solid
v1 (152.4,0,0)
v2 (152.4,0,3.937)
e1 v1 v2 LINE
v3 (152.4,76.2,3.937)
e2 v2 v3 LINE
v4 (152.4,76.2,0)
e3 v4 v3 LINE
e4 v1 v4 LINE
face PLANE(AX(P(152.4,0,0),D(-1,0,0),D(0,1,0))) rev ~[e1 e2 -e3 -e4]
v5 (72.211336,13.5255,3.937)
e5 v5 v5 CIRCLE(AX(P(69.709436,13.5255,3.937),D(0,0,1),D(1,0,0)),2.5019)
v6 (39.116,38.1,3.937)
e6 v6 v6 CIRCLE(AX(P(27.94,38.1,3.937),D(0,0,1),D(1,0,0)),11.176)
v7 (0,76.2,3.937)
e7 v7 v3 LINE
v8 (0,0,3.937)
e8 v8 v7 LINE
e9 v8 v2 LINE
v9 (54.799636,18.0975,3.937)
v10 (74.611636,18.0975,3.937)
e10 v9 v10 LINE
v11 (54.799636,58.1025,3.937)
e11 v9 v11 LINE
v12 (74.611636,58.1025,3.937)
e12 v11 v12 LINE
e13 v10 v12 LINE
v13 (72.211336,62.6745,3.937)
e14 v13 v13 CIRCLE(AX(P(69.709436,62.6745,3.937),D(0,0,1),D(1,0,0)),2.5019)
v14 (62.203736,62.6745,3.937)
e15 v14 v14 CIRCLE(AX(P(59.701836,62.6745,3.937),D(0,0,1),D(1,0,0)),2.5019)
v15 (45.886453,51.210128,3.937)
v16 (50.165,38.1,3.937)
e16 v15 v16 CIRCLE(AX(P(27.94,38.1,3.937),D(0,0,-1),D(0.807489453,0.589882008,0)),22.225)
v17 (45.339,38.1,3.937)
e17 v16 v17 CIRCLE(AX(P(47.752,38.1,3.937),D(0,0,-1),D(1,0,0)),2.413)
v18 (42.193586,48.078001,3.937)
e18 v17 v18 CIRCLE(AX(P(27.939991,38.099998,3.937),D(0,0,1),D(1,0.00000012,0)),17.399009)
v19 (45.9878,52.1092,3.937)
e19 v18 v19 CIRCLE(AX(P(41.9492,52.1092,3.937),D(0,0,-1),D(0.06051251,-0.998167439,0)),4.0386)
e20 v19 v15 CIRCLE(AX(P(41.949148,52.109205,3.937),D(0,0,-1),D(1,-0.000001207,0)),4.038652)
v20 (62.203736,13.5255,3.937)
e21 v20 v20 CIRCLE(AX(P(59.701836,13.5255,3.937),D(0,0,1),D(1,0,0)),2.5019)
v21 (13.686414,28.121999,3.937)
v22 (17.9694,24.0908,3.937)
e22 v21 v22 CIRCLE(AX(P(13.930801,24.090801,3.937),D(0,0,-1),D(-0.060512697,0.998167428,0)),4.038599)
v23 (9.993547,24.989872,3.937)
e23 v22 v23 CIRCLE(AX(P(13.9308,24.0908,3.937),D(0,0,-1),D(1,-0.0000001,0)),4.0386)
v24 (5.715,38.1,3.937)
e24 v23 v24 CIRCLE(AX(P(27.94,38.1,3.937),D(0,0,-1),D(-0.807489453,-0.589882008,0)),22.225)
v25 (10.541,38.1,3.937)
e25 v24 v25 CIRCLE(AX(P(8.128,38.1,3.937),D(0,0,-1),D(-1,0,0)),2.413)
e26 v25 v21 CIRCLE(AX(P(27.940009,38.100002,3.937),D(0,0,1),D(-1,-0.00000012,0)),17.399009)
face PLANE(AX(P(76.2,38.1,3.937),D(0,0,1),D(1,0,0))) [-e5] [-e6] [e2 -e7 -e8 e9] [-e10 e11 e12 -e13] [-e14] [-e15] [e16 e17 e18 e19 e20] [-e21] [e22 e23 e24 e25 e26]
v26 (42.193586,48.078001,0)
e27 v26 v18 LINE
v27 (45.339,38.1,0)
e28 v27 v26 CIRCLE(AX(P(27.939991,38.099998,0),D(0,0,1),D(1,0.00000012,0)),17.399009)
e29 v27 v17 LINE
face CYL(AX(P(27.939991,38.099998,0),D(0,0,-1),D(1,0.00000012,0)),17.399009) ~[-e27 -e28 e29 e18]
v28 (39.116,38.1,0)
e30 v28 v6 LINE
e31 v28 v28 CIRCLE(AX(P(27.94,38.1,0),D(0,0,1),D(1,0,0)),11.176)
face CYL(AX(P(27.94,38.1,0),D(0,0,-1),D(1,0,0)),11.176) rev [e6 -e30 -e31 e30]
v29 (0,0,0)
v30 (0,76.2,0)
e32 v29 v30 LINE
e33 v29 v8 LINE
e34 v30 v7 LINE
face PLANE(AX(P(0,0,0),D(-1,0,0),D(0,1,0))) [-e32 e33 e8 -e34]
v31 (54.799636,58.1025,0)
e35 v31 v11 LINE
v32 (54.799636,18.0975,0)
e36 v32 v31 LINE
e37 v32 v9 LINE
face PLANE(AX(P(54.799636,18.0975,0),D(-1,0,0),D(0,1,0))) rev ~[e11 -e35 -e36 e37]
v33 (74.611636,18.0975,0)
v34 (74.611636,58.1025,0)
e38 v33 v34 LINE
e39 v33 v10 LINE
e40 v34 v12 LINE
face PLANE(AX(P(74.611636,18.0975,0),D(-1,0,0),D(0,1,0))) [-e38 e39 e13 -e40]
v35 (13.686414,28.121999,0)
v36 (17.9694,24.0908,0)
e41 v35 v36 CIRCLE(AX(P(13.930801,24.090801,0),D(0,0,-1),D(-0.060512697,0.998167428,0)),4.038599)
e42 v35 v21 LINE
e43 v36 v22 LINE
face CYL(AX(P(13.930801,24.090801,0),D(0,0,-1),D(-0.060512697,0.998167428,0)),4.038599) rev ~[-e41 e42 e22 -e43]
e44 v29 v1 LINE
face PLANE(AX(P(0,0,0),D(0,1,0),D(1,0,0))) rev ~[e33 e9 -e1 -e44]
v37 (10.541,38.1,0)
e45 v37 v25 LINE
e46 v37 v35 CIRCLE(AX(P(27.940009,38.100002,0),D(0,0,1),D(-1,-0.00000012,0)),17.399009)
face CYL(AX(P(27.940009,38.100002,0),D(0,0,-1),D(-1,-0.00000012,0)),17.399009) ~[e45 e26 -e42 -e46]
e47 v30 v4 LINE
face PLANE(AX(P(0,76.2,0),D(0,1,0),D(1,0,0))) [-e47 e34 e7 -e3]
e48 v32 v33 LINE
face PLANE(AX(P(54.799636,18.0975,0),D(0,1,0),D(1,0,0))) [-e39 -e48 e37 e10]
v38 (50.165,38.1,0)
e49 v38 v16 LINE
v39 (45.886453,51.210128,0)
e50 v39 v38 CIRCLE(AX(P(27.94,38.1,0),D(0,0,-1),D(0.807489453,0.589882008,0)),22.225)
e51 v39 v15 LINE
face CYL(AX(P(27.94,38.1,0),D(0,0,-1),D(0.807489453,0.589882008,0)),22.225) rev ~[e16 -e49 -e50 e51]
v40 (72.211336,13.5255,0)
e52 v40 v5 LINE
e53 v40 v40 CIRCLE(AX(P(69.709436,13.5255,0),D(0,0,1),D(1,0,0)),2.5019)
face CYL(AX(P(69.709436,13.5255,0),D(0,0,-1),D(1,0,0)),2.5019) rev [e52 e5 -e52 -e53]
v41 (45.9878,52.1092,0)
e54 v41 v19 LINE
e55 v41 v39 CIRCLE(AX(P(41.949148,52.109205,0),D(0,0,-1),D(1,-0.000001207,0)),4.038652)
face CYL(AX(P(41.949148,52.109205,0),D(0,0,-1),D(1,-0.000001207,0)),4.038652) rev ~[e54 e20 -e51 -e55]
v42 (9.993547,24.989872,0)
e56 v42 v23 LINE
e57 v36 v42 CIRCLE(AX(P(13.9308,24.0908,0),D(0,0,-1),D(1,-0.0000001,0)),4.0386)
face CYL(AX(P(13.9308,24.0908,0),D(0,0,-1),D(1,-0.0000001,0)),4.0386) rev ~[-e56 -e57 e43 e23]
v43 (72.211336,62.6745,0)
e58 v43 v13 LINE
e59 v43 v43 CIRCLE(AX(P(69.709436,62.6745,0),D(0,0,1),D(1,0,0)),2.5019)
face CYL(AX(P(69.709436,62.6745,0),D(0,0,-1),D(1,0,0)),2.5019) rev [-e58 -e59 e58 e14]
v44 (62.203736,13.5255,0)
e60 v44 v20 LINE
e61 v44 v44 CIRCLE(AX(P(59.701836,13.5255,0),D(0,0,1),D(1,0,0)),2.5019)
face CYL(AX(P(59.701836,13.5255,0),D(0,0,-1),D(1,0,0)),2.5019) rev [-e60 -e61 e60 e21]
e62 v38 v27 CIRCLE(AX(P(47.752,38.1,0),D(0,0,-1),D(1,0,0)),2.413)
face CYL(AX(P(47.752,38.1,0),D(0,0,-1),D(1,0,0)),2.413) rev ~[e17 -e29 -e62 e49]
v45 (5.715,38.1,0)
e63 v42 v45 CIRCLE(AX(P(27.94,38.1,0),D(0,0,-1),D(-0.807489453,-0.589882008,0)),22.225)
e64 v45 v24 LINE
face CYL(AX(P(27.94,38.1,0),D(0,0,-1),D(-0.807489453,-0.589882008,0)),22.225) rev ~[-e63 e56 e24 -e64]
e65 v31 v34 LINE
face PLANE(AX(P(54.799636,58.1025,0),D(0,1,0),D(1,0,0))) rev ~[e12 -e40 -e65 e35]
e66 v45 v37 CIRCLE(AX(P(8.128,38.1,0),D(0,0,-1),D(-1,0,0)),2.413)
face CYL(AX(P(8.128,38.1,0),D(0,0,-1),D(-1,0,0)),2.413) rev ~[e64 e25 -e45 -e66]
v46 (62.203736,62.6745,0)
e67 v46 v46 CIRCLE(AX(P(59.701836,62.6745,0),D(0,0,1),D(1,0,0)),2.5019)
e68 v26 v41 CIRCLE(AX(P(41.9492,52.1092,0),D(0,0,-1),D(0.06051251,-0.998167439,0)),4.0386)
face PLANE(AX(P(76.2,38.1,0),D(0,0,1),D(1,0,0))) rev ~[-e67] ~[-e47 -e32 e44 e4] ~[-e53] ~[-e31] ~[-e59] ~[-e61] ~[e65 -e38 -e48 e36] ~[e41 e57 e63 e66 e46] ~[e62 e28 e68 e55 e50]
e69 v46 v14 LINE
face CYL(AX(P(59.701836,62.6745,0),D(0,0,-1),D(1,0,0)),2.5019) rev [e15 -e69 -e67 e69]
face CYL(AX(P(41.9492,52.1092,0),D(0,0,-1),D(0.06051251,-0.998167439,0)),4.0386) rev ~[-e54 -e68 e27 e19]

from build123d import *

# Parameters (mm, degrees)
F0_W     = 152.4
F0_H     = 76.2
F0_R     = 2.5019
F0_R_2   = 11.176
F0_W_2   = 19.812
F0_H_2   = 40.005
F1_DEPTH = 3.937


with BuildPart() as f1:
    # F0 (on Top) → F1 (new body)
    with BuildSketch(Plane.XY):
        with Locations((76.2, 38.1)):
            Rectangle(F0_W, F0_H)
        with Locations((59.701836, 13.5255)):
            Circle(F0_R, mode=Mode.SUBTRACT)
        with Locations((69.709436, 13.5255)):
            Circle(F0_R, mode=Mode.SUBTRACT)
        with BuildLine():
            ThreePointArc((5.715, 38.1), (8.128, 40.513), (10.541, 38.1))
            ThreePointArc((10.541, 38.1), (11.345975, 32.868984), (13.686414, 28.121999))
            ThreePointArc((13.686414, 28.121999), (16.69877, 27.031656), (17.9694, 24.0908))
            ThreePointArc((17.9694, 24.0908), (13.478418, 20.077617), (9.993547, 24.989872))
            ThreePointArc((9.993547, 24.989872), (6.811695, 31.204686), (5.715, 38.1))
        make_face(mode=Mode.SUBTRACT)
        with Locations((27.94, 38.1)):
            Circle(F0_R_2, mode=Mode.SUBTRACT)
        with BuildLine():
            ThreePointArc((45.886453, 51.210128), (49.068305, 44.995314), (50.165, 38.1))
            ThreePointArc((50.165, 38.1), (47.752, 35.687), (45.339, 38.1))
            ThreePointArc((45.339, 38.1), (44.534025, 43.331016), (42.193586, 48.078001))
            ThreePointArc((42.193586, 48.078001), (39.008344, 54.877169), (45.9878, 52.1092))
            ThreePointArc((45.9878, 52.1092), (45.962383, 51.656817), (45.886453, 51.210128))
        make_face(mode=Mode.SUBTRACT)
        with Locations((64.705636, 38.1)):
            Rectangle(F0_W_2, F0_H_2, mode=Mode.SUBTRACT)
        with Locations((59.701836, 62.6745)):
            Circle(F0_R, mode=Mode.SUBTRACT)
        with Locations((69.709436, 62.6745)):
            Circle(F0_R, mode=Mode.SUBTRACT)
    extrude(amount=F1_DEPTH)


solid = f1.part
